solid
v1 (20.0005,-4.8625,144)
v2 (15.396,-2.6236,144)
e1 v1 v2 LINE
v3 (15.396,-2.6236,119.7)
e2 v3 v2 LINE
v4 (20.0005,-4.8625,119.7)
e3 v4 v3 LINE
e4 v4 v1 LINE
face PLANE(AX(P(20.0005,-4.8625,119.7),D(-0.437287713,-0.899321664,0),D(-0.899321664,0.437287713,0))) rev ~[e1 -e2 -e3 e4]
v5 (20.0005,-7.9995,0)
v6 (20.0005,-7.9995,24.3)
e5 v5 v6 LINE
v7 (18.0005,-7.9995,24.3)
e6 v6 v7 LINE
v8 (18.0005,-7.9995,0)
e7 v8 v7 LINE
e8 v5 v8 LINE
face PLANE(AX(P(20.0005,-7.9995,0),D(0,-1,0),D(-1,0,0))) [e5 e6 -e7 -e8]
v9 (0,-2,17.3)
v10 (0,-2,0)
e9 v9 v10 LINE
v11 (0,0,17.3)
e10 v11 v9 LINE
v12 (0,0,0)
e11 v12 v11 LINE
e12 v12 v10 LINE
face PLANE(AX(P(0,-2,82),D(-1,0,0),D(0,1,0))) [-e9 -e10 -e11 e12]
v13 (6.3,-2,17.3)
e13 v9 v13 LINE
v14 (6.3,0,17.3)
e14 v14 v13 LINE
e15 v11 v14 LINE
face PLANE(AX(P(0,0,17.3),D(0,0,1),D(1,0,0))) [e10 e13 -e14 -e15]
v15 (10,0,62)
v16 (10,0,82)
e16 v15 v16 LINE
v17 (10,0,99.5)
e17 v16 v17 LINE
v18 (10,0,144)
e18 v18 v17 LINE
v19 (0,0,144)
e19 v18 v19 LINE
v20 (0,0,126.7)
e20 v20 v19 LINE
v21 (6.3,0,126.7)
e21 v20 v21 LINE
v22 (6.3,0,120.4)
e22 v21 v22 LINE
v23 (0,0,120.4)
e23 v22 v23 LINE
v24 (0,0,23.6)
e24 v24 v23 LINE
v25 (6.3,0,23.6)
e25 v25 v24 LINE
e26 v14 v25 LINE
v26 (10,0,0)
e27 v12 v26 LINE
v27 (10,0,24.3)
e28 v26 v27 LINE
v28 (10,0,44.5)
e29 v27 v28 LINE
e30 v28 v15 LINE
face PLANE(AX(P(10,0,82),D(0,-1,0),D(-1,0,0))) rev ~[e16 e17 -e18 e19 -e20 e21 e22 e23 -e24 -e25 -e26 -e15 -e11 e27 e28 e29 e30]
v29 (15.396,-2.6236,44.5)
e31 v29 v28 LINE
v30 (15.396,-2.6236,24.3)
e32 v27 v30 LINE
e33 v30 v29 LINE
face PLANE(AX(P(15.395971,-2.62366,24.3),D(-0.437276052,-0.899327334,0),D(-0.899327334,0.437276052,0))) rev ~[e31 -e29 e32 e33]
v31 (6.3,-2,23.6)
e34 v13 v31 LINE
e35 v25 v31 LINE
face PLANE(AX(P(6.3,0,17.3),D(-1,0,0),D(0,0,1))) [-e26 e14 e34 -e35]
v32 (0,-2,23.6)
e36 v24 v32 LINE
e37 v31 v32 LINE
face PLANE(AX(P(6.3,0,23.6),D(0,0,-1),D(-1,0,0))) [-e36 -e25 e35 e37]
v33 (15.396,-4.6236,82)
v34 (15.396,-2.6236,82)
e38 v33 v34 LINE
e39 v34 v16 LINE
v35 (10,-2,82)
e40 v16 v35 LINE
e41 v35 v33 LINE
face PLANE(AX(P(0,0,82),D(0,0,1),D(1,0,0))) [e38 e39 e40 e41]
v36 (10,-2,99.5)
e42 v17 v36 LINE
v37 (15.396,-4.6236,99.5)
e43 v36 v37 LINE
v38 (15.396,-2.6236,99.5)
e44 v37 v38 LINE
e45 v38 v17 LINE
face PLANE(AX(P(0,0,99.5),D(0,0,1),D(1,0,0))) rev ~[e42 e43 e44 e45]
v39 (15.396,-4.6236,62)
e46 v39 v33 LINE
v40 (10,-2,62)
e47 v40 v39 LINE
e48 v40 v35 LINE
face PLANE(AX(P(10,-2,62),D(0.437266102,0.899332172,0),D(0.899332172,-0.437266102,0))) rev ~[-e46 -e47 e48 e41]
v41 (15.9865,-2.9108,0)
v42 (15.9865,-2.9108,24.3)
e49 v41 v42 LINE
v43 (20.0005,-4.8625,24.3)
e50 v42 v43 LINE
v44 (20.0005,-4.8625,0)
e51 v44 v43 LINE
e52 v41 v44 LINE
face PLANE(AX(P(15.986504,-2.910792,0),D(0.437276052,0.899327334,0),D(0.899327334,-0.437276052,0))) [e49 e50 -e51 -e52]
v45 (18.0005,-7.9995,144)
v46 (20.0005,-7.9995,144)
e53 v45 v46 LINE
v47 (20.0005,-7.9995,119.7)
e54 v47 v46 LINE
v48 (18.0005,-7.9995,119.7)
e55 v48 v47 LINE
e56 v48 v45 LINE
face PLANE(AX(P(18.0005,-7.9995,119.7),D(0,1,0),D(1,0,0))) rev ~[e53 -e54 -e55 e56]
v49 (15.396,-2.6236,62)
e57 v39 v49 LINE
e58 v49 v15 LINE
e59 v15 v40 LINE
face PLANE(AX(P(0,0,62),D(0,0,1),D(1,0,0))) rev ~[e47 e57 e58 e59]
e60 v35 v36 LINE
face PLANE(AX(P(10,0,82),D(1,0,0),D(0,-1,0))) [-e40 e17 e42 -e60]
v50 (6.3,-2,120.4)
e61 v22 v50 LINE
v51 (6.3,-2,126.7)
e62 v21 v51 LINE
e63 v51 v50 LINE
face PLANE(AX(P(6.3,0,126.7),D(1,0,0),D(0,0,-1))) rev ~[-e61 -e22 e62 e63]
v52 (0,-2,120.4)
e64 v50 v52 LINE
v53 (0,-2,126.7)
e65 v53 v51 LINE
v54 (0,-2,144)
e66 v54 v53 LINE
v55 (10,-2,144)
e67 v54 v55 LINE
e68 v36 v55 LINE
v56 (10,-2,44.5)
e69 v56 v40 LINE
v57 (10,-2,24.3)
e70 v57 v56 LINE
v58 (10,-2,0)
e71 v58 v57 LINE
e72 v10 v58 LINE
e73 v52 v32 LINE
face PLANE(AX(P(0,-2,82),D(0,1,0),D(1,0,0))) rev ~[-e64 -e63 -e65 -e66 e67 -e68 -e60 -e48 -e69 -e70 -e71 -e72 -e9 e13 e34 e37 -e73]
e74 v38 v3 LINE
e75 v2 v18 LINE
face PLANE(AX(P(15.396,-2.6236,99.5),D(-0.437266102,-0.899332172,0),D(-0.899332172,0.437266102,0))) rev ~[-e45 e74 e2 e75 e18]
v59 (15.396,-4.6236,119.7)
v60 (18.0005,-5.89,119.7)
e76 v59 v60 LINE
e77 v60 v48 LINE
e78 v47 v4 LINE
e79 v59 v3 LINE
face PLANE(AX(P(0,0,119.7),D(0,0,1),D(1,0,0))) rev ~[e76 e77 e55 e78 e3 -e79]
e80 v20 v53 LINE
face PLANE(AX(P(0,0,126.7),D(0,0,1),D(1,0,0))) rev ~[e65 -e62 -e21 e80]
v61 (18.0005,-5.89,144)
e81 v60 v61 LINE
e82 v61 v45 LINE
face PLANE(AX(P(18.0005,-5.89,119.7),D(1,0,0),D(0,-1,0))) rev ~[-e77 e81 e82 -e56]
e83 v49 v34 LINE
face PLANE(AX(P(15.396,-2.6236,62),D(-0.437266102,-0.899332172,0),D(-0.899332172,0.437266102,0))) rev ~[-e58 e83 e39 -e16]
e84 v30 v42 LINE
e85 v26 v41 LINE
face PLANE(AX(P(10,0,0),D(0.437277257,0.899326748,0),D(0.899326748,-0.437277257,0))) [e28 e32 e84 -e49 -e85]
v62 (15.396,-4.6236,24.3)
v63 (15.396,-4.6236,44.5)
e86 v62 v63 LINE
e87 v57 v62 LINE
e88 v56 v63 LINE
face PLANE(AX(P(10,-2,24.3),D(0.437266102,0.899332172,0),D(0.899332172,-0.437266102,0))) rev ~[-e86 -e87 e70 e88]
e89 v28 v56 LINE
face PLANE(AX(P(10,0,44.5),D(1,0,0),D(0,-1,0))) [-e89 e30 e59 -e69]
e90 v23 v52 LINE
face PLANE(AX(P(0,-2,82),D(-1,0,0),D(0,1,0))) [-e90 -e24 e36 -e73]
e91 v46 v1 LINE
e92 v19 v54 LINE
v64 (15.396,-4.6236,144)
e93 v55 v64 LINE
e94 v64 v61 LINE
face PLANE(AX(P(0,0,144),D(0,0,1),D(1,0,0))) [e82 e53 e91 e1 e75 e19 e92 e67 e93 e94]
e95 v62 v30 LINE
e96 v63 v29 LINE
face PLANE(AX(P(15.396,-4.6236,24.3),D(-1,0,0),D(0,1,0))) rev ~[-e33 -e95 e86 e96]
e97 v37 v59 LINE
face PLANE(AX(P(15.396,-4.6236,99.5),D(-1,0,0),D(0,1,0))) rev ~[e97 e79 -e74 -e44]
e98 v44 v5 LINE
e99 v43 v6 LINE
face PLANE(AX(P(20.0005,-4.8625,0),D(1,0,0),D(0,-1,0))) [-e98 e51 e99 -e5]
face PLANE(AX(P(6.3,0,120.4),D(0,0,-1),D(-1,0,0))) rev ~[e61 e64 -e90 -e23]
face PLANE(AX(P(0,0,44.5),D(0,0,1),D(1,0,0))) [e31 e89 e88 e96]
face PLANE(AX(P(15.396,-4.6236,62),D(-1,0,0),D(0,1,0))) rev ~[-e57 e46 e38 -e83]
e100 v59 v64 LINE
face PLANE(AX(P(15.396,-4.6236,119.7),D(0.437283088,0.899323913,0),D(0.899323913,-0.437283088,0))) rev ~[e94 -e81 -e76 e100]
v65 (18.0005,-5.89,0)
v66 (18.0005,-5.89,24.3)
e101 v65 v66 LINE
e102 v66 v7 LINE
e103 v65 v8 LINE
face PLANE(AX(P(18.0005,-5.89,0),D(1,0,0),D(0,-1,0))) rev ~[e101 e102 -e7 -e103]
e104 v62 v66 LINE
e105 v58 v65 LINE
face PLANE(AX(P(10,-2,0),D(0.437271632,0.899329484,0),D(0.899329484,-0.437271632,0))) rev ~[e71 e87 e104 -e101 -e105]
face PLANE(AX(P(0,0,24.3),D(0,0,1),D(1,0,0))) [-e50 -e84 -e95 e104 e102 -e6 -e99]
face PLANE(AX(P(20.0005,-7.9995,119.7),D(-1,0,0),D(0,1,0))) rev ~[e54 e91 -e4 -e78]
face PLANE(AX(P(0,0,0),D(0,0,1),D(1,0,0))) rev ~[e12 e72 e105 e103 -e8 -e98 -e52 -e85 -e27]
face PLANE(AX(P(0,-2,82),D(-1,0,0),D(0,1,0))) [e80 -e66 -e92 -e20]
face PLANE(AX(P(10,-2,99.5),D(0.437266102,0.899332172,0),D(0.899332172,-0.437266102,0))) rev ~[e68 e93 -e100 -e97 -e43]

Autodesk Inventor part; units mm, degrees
ref_plane "YZ Plane" through (0, 0, 0) normal (1, 0, 0) x (0, 1, 0)
ref_plane "XZ Plane" through (0, 0, 0) normal (0, 1, 0) x (-1, 0, 0)
ref_plane "XY Plane" through (0, 0, 0) normal (0, 0, 1) x (1, 0, 0)
sketch "Szkic32" plane through (0, 0, 0) normal (0, 0, 1) x (1, 0, 0)
  line L0 (0, 0) -> (10, 0)
  line L1 (10, 0) -> (15.9865, -2.9108)
  line L2 (10, 0) -> (16.6566, 0) construction
  line L3 (10, 0) -> (20.0005, -4.8625)
  line L4 (20.0005, -4.8625) -> (20.0005, -7.9995)
  line L5 (20.0005, -7.9995) -> (18.0005, -7.9995)
  line L6 (0, 0) -> (0, -2)
  line L7 (0, -2) -> (10, -2)
  line L8 (10, -2) -> (18.0005, -5.89)
  line L9 (10, -2) -> (18.8961, -2) construction
  line L10 (18.0005, -5.89) -> (18.0005, -7.9995)
  dimension "d102" = 10
  dimension "d103" = 25.93
  dimension "d104" = 11.12
  dimension "d105" = 3.137
  dimension "d106" = 2
  dimension "d107" = 2
  dimension "d108" = 10
  dimension "d109" = 25.93
extrude "Wyciągnięcie proste35" add sketch "Szkic32" along normal blind 24.3
sketch "Szkic33" plane through (0, 0, 24.3) normal (0, 0, 1) x (1, 0, 0)
  line L0 (10, 0) -> (0, 0) projected
  line L1 (0, 0) -> (0, -2) projected
  line L2 (0, -2) -> (10, -2) projected
  line L3 (0, 0) -> (10, 0)
  line L4 (10, 0) -> (10, -2)
  line L5 (10, -2) -> (0, -2)
  line L6 (0, -2) -> (0, 0)
  line L7 (10, -2) -> (15.396, -4.6236)
  line L8 (10, -2) -> (18.0005, -5.89) projected
  line L9 (15.396, -4.6236) -> (15.396, -2.6236)
  line L10 (20.0005, -4.8625) -> (10, 0) projected
  line L11 (10, 0) -> (15.396, -2.6236)
  dimension "d112" = 6
extrude "Wyciągnięcie proste36" add sketch "Szkic33" along normal blind 20.2
sketch "Szkic34" plane through (0, 0, 44.5) normal (0, 0, 1) x (1, 0, 0)
  line L0 (10, 0) -> (0, 0) projected
  line L1 (0, -2) -> (10, -2) projected
  line L2 (0, 0) -> (10, 0)
  line L3 (10, 0) -> (10, -2)
  line L4 (10, -2) -> (0, -2)
  line L5 (0, -2) -> (0, 0)
extrude "Wyciągnięcie proste37" add sketch "Szkic34" along normal blind 17.5
sketch "Szkic36" plane through (0, 0, 62) normal (0, 0, 1) x (1, 0, 0)
  line L0 (15.396, -2.6236) -> (10, 0) projected
  line L1 (15.396, -4.6236) -> (15.396, -2.6236) projected
  line L2 (10, -2) -> (15.396, -4.6236) projected
  line L3 (0, -2) -> (10, -2) projected
  line L4 (10, 0) -> (0, 0) projected
  line L5 (0, 0) -> (0, -2) projected
  line L6 (10, 0) -> (15.396, -2.6236)
  line L7 (15.396, -2.6236) -> (15.396, -4.6236)
extrude "Wyciągnięcie proste38" add sketch "Szkic36" along normal blind 20
sketch "Szkic37" plane through (0, 0, 82) normal (0, 0, 1) x (1, 0, 0)
  line L0 (10, 0) -> (0, 0) projected
  line L1 (0, -2) -> (10, -2) projected
  line L2 (0, 0) -> (10, 0)
  line L3 (10, 0) -> (10, -2)
  line L4 (10, -2) -> (0, -2)
  line L5 (0, -2) -> (0, 0)
extrude "Wyciągnięcie proste39" add sketch "Szkic37" along normal blind 17.5
sketch "Szkic38" plane through (0, 0, 99.5) normal (0, 0, 1) x (1, 0, 0)
  line L0 (15.396, -2.6236) -> (10, 0) projected
  line L1 (15.396, -4.6236) -> (15.396, -2.6236) projected
  line L2 (10, -2) -> (15.396, -4.6236) projected
  line L3 (0, -2) -> (10, -2) projected
  line L4 (10, 0) -> (0, 0) projected
  line L5 (10, 0) -> (0, 0) projected
  line L6 (0, 0) -> (0, -2) projected
  line L7 (0, -2) -> (10, -2) projected
  line L8 (10, -2) -> (10, 0) projected
extrude "Wyciągnięcie proste40" add sketch "Szkic38" along normal blind 20.2
sketch "Szkic39" plane through (0, 0, 119.7) normal (0, 0, 1) x (1, 0, 0)
  line L0 (15.396, -2.6236) -> (15.396, -4.6236) projected
  line L1 (15.396, -4.6236) -> (18.0005, -5.89) projected
  line L2 (18.0005, -5.89) -> (18.0005, -7.9995) projected
  line L3 (18.0005, -7.9995) -> (20.0005, -7.9995) projected
  line L4 (20.0005, -7.9995) -> (20.0005, -4.8625) projected
  line L5 (20.0005, -4.8625) -> (15.396, -2.6236) projected
  line L6 (0, 0) -> (0, -2) projected
  line L7 (0, -2) -> (10, -2) projected
  line L8 (10, -2) -> (15.396, -4.6236) projected
  line L9 (15.396, -4.6236) -> (15.396, -2.6236) projected
  line L10 (15.396, -2.6236) -> (10, 0) projected
  line L11 (10, 0) -> (0, 0) projected
extrude "Wyciągnięcie proste41" add sketch "Szkic39" along normal blind 24.3
sketch "Szkic40" plane through (0, 0, 0) normal (0, 1, 0) x (1, 0, 0)
  line L0 (0, 0) -> (0, -144) projected
  line L1 (0, -17.3) -> (6.3, -17.3)
  line L2 (6.3, -17.3) -> (6.3, -23.6)
  line L3 (6.3, -23.6) -> (0, -23.6)
  line L4 (0, -23.6) -> (0, -17.3)
  line L5 (10, 0) -> (0, 0) projected
  line L6 (0, -126.7) -> (6.3, -126.7)
  line L7 (6.3, -126.7) -> (6.3, -120.4)
  line L8 (6.3, -120.4) -> (0, -120.4)
  line L9 (0, -120.4) -> (0, -126.7)
  line L10 (10, -144) -> (0, -144) projected
  point P0 (0, -120.4)
  point P1 (0, -23.6)
  dimension "d125" = 6.3
  dimension "d126" = 6.3
  dimension "d127" = 17.3
  dimension "d128" = 6.3
  dimension "d129" = 6.3
  dimension "d130" = 17.3
extrude "Wyciągnięcie proste42" cut sketch "Szkic40" against normal blind 2
properties part number "prrzod"
